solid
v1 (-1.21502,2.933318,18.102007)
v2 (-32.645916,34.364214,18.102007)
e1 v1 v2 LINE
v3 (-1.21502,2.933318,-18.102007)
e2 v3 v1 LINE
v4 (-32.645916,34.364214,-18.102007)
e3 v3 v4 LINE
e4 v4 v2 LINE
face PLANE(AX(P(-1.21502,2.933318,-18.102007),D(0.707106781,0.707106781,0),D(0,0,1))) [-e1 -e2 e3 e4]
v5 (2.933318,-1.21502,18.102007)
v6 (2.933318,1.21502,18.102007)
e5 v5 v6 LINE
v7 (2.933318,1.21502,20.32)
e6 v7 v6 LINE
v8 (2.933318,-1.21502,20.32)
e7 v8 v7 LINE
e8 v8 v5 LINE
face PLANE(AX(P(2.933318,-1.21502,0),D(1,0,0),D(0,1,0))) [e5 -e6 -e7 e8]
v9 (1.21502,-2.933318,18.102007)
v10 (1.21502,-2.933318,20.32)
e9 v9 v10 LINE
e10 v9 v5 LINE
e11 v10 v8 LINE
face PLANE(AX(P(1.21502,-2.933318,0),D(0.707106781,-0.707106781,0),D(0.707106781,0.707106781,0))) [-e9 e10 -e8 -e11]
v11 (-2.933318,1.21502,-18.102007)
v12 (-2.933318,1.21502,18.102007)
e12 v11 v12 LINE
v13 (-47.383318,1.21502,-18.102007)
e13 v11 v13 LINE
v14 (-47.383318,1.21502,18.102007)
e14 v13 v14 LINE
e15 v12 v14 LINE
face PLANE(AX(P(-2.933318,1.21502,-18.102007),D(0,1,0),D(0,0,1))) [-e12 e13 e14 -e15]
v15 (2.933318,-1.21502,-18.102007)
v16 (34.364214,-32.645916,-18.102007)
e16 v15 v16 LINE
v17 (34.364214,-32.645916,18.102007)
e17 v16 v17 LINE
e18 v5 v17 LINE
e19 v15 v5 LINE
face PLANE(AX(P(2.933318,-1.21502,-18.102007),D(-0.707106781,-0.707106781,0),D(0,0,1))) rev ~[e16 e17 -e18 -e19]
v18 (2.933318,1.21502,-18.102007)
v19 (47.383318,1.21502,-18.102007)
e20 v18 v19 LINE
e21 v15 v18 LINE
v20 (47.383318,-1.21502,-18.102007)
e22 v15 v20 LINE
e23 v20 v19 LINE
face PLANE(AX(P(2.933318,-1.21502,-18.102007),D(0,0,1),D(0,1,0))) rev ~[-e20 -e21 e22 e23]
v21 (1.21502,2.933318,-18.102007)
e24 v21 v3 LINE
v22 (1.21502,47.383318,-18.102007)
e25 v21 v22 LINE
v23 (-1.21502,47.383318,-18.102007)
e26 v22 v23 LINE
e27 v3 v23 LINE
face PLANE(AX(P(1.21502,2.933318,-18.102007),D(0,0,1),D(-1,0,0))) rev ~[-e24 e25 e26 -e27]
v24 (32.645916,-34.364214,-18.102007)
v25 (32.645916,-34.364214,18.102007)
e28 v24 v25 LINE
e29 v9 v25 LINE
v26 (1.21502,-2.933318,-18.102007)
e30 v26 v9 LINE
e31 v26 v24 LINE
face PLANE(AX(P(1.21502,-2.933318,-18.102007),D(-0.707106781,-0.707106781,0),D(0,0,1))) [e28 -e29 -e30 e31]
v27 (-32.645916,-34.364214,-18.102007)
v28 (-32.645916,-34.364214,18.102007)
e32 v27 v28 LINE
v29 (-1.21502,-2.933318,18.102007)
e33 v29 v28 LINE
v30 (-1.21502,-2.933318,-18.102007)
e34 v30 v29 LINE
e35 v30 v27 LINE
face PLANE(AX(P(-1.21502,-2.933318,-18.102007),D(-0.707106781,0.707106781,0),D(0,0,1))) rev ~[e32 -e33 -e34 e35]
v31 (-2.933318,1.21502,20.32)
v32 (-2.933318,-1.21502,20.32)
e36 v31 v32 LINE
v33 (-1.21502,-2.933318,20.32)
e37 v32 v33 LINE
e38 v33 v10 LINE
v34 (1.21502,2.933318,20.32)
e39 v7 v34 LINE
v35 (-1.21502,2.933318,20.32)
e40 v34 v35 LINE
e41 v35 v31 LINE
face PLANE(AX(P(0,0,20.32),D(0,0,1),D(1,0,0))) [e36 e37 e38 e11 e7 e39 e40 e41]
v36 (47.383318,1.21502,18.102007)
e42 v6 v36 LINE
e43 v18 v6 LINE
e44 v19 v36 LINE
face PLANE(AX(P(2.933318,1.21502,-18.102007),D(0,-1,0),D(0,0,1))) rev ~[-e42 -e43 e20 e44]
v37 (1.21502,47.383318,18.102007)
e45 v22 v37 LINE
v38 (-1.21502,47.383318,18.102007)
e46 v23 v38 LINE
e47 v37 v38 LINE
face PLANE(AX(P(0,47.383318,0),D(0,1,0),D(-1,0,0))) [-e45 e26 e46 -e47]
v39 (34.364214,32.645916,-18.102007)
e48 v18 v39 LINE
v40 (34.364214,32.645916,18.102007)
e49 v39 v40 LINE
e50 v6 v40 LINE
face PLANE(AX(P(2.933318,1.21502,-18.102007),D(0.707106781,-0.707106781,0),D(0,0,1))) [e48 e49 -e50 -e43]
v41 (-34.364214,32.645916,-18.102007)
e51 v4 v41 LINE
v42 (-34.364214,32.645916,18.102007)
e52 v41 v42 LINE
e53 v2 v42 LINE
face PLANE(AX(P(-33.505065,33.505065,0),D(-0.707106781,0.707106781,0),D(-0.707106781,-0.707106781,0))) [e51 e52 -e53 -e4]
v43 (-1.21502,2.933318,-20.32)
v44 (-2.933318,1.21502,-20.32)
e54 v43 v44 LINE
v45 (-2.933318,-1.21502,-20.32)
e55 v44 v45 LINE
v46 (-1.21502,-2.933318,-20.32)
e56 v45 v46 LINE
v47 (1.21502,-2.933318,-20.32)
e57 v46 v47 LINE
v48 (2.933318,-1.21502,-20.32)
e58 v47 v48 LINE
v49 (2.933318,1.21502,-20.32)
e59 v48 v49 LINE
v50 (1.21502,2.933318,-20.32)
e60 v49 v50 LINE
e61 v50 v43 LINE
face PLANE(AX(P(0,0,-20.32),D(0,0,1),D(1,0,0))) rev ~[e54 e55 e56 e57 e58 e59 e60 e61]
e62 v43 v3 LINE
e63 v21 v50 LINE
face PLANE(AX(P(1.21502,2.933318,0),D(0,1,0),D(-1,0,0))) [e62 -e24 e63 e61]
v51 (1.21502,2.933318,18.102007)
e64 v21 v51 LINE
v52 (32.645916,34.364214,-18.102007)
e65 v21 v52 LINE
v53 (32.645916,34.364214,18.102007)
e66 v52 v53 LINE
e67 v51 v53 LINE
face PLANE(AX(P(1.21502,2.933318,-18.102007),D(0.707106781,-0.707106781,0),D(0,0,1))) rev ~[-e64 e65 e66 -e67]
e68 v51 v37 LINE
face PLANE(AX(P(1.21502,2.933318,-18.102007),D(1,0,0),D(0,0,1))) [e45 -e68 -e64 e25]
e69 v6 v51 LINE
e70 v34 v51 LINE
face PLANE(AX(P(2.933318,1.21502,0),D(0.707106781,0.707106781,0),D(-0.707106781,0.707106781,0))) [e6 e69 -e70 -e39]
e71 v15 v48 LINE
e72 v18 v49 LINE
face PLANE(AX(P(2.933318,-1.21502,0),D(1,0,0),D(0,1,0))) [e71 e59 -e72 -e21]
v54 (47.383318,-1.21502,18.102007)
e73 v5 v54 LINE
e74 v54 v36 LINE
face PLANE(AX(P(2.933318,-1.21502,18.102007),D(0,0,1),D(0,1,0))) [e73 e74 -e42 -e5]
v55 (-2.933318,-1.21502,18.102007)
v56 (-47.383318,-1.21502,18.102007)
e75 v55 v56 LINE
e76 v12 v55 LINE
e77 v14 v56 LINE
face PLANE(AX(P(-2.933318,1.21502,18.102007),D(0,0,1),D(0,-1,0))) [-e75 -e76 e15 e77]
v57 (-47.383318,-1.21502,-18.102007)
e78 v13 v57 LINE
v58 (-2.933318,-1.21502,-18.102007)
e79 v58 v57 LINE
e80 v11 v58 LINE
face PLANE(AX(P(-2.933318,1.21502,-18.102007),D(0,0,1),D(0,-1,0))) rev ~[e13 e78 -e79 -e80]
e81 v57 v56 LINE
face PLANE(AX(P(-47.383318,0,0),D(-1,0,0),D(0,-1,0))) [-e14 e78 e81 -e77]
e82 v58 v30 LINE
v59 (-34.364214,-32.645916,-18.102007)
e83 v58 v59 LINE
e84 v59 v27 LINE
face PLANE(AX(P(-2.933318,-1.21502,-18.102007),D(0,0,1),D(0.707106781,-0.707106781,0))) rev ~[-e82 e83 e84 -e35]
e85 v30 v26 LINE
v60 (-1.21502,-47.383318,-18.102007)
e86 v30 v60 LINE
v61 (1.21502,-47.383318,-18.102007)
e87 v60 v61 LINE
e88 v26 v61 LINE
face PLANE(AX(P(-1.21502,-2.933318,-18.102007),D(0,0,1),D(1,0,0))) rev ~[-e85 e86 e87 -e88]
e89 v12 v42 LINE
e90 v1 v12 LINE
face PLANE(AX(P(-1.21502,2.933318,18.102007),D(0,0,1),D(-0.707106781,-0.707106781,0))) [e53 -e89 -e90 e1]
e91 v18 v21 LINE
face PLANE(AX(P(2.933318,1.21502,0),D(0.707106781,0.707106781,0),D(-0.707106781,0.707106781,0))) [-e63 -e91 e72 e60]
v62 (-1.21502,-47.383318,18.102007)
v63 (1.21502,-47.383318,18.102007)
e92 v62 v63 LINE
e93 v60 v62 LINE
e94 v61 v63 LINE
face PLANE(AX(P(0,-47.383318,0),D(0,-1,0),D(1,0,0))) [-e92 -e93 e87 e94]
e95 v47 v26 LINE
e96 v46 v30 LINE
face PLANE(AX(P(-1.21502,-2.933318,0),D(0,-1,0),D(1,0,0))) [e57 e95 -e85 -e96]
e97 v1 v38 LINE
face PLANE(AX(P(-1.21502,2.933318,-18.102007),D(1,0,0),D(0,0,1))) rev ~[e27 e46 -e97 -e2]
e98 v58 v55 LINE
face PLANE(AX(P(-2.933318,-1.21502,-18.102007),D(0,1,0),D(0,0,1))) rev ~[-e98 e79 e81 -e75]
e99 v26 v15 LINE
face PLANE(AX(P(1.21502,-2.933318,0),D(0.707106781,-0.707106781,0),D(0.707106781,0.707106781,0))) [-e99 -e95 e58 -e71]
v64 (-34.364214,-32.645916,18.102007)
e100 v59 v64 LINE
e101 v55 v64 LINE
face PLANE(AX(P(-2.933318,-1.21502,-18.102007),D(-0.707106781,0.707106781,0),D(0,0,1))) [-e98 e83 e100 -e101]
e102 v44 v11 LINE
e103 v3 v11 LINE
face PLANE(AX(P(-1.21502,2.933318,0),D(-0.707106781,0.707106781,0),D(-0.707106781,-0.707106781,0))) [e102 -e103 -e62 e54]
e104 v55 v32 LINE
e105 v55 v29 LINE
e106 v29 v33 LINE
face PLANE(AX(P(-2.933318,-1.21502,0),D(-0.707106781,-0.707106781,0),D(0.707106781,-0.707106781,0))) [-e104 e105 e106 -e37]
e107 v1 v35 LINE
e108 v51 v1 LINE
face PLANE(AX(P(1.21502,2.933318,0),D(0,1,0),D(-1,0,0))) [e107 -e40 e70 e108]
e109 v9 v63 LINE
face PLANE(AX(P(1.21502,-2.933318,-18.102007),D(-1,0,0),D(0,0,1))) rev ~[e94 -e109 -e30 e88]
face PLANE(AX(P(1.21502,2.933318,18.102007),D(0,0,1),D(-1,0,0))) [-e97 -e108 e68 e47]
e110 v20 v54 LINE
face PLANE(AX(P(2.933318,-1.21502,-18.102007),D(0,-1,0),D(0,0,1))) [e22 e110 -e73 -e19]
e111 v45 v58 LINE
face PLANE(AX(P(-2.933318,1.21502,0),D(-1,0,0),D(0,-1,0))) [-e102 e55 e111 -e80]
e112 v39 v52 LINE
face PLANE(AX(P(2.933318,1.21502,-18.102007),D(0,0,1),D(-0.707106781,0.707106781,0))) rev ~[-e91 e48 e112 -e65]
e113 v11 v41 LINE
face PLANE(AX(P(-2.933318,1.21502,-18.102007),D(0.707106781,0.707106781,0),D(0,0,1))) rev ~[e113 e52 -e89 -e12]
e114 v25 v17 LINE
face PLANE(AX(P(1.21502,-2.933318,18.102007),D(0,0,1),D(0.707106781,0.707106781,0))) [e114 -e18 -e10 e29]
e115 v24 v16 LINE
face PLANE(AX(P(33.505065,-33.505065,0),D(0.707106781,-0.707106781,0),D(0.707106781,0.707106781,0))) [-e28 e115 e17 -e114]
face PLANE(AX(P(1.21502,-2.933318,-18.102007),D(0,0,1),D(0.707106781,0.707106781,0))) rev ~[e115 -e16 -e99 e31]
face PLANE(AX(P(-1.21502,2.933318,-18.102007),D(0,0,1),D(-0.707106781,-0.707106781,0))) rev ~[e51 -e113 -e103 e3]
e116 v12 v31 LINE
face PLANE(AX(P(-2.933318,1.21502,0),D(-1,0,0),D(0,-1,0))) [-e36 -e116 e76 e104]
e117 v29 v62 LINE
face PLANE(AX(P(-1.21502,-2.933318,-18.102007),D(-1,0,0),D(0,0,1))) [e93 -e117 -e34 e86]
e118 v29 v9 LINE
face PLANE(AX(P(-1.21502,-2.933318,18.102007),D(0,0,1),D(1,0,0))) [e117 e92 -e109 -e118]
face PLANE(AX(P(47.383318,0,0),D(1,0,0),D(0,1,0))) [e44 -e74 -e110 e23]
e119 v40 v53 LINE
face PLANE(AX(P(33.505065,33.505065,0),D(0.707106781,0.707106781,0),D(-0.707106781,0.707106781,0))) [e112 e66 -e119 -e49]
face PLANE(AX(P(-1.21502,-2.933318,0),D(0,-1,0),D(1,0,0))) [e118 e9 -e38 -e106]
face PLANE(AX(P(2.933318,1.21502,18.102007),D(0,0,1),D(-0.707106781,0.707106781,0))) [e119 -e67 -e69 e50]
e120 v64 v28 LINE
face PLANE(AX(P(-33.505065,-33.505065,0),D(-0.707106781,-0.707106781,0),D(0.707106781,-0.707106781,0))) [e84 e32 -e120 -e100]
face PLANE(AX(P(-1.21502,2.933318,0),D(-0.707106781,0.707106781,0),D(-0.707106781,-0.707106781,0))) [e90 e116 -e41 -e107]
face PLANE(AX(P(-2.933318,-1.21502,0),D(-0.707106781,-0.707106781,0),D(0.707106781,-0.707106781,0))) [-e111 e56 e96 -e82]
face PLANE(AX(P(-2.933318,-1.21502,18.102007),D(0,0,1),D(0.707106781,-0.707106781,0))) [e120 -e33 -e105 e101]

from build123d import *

# Parameters (mm, degrees)
F1_DEPTH      = 20.32
F1_DEPTH_BACK = 20.32
F2_W          = 2.4300397955
F2_H          = 36.2040139735
F10_DEPTH     = 44.45
F3_W          = 2.4300397955
F3_H          = 36.2040139735
F11_DEPTH     = 44.45
F4_W          = 2.4300397955
F4_H          = 36.2040139735
F12_DEPTH     = 44.45
F5_W          = 2.4300397955
F5_H          = 36.2040139735
F13_DEPTH     = 44.45
F6_W          = 2.4300397955
F6_H          = 36.2040139735
F14_DEPTH     = 44.45
F9_W          = 2.4300397955
F9_H          = 36.2040139735
F15_DEPTH     = 44.45
F8_W          = 2.4300397955
F8_H          = 36.2040139735
F16_DEPTH     = 44.45
F7_W          = 2.4300397955
F7_H          = 36.2040139735
F17_DEPTH     = 44.45


with BuildPart() as f1:
    # F0 (on Top) → F1 (new body, two sides)
    with BuildSketch(Plane.XY) as f1_sk:
        Polygon((1.2150198978, 2.9333175157), (-1.2150198978, 2.9333175157), (-2.9333175157, 1.2150198978), (-2.9333175157, -1.2150198978), (-1.2150198978, -2.9333175157), (1.2150198978, -2.9333175157), (2.9333175157, -1.2150198978), (2.9333175157, 1.2150198978), align=None)
    extrude(amount=F1_DEPTH)
    extrude(f1_sk.sketch, amount=-F1_DEPTH_BACK)

    # F2 (on face) → F10 (join)
    with BuildSketch(Plane(origin=(0, 2.9333175157, 0), x_dir=(-1, 0, 0), z_dir=(0, 1, 0))):
        Rectangle(F2_W, F2_H)
    extrude(amount=F10_DEPTH)

    # F3 (on face) → F11 (join)
    with BuildSketch(Plane(origin=(2.0741687067, 2.0741687067, 0), x_dir=(-0.7071067812, 0.7071067812, 0), z_dir=(0.7071067812, 0.7071067812, 0))):
        Rectangle(F3_W, F3_H)
    extrude(amount=F11_DEPTH)

    # F4 (on face) → F12 (join)
    with BuildSketch(Plane.YZ.offset(2.9333175157)):
        Rectangle(F4_W, F4_H)
    extrude(amount=F12_DEPTH)

    # F5 (on face) → F13 (join)
    with BuildSketch(Plane(origin=(2.0741687067, -2.0741687067, 0), x_dir=(0.7071067812, 0.7071067812, 0), z_dir=(0.7071067812, -0.7071067812, 0))):
        Rectangle(F5_W, F5_H)
    extrude(amount=F13_DEPTH)

    # F6 (on face) → F14 (join)
    with BuildSketch(Plane.XZ.offset(2.9333175157)):
        Rectangle(F6_W, F6_H)
    extrude(amount=F14_DEPTH)

    # F9 (on face) → F15 (join)
    with BuildSketch(Plane(origin=(-2.0741687067, 2.0741687067, 0), x_dir=(-0.7071067812, -0.7071067812, 0), z_dir=(-0.7071067812, 0.7071067812, 0))):
        Rectangle(F9_W, F9_H)
    extrude(amount=F15_DEPTH)

    # F8 (on face) → F16 (join)
    with BuildSketch(Plane(origin=(-2.9333175157, 0, 0), x_dir=(0, -1, 0), z_dir=(-1, 0, 0))):
        Rectangle(F8_W, F8_H)
    extrude(amount=F16_DEPTH)

    # F7 (on face) → F17 (join)
    with BuildSketch(Plane(origin=(-2.0741687067, -2.0741687067, 0), x_dir=(0.7071067812, -0.7071067812, 0), z_dir=(-0.7071067812, -0.7071067812, 0))):
        Rectangle(F7_W, F7_H)
    extrude(amount=F17_DEPTH)


solid = f1.part
